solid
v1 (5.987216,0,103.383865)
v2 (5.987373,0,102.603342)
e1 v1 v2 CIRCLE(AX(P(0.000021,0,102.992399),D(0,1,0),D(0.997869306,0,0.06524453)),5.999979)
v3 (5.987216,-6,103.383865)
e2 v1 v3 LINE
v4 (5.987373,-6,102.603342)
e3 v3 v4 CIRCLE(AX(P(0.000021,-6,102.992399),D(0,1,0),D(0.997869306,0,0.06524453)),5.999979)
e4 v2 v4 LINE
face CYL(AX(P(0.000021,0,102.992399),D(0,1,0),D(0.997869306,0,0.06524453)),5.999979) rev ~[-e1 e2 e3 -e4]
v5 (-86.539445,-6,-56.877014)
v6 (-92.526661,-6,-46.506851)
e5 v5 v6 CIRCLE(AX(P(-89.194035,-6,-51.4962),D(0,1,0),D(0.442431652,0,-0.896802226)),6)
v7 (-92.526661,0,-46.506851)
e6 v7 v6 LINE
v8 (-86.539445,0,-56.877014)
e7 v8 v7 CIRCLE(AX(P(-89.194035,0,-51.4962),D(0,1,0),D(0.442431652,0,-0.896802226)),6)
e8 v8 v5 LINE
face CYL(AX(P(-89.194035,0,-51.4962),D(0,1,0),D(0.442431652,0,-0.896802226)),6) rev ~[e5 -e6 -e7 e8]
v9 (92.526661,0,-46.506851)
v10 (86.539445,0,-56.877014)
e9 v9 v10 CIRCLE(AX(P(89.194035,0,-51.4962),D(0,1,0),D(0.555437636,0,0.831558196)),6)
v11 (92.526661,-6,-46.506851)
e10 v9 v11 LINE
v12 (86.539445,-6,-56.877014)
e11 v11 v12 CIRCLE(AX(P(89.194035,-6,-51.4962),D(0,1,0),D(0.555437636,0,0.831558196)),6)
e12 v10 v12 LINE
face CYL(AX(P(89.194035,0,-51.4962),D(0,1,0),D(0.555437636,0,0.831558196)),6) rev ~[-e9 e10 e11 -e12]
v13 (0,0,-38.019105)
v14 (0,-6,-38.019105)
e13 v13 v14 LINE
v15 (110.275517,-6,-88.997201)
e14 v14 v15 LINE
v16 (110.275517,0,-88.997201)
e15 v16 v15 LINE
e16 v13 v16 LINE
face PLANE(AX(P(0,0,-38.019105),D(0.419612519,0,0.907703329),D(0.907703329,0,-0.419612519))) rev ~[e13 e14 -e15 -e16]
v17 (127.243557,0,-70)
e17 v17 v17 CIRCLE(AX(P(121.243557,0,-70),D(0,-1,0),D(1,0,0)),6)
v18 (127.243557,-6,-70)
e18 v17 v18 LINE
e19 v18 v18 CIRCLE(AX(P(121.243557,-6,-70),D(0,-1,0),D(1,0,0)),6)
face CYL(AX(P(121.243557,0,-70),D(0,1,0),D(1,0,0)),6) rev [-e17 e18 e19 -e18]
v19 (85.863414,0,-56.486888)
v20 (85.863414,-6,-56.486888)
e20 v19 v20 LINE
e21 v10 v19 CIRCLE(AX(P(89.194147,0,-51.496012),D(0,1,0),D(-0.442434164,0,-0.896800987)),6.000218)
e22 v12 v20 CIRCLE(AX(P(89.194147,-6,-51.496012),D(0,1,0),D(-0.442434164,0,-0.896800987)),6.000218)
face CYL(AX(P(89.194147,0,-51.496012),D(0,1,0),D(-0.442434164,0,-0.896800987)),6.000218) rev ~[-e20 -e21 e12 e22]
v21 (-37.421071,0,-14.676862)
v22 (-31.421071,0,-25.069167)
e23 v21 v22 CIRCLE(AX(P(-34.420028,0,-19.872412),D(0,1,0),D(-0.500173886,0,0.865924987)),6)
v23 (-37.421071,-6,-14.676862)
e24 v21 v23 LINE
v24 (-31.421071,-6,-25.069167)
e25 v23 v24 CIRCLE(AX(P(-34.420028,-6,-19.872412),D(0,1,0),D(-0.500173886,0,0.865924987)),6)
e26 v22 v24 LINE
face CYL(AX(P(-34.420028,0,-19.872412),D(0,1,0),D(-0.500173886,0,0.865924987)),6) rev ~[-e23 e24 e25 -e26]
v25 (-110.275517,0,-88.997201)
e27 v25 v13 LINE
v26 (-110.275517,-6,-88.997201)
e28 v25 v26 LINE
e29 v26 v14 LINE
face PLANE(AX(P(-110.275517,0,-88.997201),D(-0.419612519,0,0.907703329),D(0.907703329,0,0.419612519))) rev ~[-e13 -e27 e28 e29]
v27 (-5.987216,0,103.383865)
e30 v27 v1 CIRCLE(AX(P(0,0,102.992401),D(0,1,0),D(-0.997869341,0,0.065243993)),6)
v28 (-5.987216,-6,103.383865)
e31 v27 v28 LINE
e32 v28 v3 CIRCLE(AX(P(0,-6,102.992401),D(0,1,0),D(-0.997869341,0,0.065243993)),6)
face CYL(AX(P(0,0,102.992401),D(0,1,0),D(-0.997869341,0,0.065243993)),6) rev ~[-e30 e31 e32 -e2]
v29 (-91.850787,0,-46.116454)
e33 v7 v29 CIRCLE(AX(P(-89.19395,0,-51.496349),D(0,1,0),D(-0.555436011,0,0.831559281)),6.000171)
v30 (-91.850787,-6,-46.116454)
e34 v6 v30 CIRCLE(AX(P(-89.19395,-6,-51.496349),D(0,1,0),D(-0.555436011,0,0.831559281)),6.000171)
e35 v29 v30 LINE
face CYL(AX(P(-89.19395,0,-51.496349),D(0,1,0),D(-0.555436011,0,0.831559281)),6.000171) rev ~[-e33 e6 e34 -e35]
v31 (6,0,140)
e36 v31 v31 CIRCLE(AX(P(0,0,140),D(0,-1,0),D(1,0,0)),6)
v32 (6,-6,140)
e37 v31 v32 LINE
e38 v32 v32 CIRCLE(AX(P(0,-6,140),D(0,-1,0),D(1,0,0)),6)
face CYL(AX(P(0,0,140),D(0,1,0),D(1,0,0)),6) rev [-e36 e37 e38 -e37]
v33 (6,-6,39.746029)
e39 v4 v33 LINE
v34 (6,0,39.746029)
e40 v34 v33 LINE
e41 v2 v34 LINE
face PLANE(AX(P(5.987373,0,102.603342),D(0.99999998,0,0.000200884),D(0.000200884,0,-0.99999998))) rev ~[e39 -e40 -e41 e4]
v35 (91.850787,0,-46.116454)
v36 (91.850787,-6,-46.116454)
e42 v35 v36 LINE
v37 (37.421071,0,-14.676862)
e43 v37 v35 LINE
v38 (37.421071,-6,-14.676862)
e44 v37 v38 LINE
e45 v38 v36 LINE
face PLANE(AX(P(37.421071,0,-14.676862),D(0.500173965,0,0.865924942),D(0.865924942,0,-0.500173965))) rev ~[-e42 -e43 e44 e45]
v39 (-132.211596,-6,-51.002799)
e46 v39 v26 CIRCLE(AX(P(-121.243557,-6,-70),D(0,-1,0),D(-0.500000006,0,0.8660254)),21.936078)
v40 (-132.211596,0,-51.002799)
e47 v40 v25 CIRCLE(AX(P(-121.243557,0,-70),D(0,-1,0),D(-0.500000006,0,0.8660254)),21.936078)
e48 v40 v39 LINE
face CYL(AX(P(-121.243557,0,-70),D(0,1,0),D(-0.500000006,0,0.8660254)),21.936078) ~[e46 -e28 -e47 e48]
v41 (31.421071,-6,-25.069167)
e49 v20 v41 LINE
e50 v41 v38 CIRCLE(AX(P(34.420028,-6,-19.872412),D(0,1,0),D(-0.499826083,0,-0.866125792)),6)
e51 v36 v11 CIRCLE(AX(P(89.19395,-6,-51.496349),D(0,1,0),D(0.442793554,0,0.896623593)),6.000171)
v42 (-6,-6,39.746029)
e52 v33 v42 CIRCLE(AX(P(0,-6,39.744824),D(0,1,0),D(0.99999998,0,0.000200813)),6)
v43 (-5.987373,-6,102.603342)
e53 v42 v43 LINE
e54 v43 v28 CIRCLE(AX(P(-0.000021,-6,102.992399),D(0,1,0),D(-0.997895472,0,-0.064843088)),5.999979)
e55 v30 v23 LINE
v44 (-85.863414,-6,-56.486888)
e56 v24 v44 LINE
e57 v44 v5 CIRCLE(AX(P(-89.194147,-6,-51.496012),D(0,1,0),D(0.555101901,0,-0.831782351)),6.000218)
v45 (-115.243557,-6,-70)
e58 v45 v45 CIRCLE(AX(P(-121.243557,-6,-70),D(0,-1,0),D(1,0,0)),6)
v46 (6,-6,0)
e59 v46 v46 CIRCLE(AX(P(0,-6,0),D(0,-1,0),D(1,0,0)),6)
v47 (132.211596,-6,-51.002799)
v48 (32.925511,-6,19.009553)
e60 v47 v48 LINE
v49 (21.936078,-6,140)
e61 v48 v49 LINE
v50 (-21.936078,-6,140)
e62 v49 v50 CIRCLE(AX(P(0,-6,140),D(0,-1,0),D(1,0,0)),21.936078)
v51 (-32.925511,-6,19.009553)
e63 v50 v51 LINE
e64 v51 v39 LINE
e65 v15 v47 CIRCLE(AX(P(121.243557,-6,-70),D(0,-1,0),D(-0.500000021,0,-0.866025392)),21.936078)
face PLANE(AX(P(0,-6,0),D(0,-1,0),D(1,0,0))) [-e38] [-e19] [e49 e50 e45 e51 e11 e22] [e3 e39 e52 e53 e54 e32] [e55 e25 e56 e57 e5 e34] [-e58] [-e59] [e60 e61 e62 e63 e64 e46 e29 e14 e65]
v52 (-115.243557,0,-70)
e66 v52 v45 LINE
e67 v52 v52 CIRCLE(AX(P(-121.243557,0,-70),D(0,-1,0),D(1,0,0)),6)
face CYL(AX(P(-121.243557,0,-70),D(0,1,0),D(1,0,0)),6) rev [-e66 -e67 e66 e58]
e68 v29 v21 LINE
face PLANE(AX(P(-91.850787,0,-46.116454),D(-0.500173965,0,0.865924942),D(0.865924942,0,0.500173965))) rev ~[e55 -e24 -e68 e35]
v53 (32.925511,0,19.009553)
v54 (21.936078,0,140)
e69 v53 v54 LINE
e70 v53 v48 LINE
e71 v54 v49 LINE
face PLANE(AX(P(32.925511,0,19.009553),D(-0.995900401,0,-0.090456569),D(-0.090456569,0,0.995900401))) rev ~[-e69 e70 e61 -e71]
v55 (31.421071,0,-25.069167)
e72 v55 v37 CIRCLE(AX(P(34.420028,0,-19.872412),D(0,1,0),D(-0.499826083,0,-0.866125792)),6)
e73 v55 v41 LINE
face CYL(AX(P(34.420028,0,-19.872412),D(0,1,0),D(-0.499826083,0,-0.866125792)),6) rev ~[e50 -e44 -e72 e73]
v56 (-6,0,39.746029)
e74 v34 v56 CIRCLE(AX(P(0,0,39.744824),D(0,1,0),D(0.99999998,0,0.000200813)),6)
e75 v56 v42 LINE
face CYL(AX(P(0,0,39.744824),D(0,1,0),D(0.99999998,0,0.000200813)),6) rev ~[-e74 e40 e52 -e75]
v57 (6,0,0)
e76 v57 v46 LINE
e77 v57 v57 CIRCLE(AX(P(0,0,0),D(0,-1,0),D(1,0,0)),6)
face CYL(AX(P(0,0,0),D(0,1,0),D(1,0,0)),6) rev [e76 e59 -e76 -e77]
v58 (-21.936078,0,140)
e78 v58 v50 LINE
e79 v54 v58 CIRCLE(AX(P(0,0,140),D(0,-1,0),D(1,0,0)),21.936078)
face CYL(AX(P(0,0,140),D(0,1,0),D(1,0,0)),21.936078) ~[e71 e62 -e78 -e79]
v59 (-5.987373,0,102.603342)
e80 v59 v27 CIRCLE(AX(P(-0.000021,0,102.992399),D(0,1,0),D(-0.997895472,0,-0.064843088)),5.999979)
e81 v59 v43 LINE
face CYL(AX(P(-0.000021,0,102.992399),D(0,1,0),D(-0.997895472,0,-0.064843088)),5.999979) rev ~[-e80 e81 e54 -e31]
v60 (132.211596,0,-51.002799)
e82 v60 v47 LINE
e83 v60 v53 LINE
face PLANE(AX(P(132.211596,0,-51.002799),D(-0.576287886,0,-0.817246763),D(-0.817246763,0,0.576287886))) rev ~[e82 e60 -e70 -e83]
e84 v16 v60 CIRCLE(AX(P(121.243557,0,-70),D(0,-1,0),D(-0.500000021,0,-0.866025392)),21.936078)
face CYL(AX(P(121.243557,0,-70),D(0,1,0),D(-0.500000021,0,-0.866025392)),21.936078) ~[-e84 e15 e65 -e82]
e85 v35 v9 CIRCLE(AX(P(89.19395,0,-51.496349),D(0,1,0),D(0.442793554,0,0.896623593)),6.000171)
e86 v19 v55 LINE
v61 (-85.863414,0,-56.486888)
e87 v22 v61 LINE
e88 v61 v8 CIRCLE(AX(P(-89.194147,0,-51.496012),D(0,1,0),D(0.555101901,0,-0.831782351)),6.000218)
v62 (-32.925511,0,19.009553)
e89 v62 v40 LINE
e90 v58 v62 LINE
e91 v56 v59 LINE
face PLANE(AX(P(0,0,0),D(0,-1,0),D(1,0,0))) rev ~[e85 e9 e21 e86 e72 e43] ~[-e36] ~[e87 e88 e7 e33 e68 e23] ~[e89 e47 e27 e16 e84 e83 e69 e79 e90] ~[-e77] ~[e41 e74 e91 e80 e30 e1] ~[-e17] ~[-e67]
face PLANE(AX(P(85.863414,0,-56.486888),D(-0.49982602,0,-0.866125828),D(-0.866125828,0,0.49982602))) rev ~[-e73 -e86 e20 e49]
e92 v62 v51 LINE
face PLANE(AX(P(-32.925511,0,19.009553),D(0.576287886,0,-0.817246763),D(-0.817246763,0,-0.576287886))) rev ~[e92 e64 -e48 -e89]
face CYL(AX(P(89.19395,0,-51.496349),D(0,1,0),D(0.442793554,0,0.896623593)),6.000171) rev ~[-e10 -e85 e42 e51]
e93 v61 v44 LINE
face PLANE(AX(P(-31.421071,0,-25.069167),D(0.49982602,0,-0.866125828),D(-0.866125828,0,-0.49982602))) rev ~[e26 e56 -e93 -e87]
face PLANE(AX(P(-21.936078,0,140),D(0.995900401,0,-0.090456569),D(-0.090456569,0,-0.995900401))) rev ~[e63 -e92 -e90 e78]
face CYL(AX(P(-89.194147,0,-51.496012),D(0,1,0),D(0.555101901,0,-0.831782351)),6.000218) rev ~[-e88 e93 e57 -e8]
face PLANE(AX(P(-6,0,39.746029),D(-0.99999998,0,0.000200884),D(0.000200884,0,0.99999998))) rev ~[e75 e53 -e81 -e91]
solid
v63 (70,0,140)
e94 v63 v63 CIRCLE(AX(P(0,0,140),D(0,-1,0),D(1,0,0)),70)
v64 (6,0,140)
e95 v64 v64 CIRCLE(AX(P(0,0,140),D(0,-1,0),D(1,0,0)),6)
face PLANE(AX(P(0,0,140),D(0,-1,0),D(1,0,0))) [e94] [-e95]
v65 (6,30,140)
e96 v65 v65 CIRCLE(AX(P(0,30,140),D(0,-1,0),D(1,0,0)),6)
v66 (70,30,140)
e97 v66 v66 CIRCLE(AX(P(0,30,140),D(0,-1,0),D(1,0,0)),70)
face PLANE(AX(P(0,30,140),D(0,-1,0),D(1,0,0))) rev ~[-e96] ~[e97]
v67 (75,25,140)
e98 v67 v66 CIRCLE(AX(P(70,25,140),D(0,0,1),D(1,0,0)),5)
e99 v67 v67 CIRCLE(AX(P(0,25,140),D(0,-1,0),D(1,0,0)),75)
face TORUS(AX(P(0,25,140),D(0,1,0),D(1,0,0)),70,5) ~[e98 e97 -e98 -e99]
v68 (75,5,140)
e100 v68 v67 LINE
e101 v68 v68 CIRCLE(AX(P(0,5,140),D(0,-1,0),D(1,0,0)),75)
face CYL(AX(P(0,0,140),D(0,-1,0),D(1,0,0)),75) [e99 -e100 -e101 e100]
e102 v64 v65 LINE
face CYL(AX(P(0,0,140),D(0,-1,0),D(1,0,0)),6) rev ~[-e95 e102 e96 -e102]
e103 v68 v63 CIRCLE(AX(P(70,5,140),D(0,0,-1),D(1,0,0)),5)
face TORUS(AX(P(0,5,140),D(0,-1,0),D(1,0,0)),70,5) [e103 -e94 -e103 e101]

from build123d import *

# Parameters (mm, degrees)
F0_R     = 6
F1_DEPTH = 6
F2_R     = 75
F3_DEPTH = 30
F4_R     = 5
F5_DEPTH = 30.001


with BuildPart() as f1:
    # F0 (on Front) → F1 (new body)
    with BuildSketch(Plane.XZ):
        with BuildLine():
            Line((32.925511, 19.009553), (21.936078, 140))
            ThreePointArc((21.936078, 140), (0, 161.936078), (-21.936078, 140))
            Line((-21.936078, 140), (-32.925511, 19.009553))
            Line((-32.925511, 19.009553), (-132.211596, -51.002799))
            ThreePointArc((-132.211596, -51.002799), (-140.240758, -80.968039), (-110.275517, -88.997201))
            Line((-110.275517, -88.997201), (0, -38.019105))
            Line((0, -38.019105), (110.275517, -88.997201))
            ThreePointArc((110.275517, -88.997201), (140.240758, -80.968039), (132.211596, -51.002799))
            Line((132.211596, -51.002799), (32.925511, 19.009553))
        make_face()
        with Locations((-121.243557, -70)):
            Circle(F0_R, mode=Mode.SUBTRACT)
        with BuildLine():
            ThreePointArc((-92.526661, -46.506851), (-92.195079, -46.300651), (-91.850787, -46.116454))
            Line((-91.850787, -46.116454), (-37.421071, -14.676862))
            ThreePointArc((-37.421071, -14.676862), (-29.223875, -16.872412), (-31.421071, -25.069167))
            Line((-31.421071, -25.069167), (-85.863414, -56.486888))
            ThreePointArc((-85.863414, -56.486888), (-86.195079, -56.692955), (-86.539445, -56.877014))
            ThreePointArc((-86.539445, -56.877014), (-94.390188, -54.4962), (-92.526661, -46.506851))
        make_face(mode=Mode.SUBTRACT)
        Circle(F0_R, mode=Mode.SUBTRACT)
        with BuildLine():
            ThreePointArc((86.539445, -56.877014), (86.195079, -56.692955), (85.863414, -56.486888))
            Line((85.863414, -56.486888), (31.421071, -25.069167))
            ThreePointArc((31.421071, -25.069167), (29.223875, -16.872412), (37.421071, -14.676862))
            Line((37.421071, -14.676862), (91.850787, -46.116454))
            ThreePointArc((91.850787, -46.116454), (92.195079, -46.300651), (92.526661, -46.506851))
            ThreePointArc((92.526661, -46.506851), (94.390188, -54.4962), (86.539445, -56.877014))
        make_face(mode=Mode.SUBTRACT)
        with Locations((121.243557, -70)):
            Circle(F0_R, mode=Mode.SUBTRACT)
        with BuildLine():
            ThreePointArc((5.987216, 103.383865), (6, 102.993606), (5.987373, 102.603342))
            Line((5.987373, 102.603342), (6, 39.746029))
            ThreePointArc((6, 39.746029), (0, 33.744824), (-6, 39.746029))
            Line((-6, 39.746029), (-5.987373, 102.603342))
            ThreePointArc((-5.987373, 102.603342), (-6, 102.993606), (-5.987216, 103.383865))
            ThreePointArc((-5.987216, 103.383865), (0, 108.992401), (5.987216, 103.383865))
        make_face(mode=Mode.SUBTRACT)
        with Locations((0, 140)):
            Circle(F0_R, mode=Mode.SUBTRACT)
    extrude(amount=F1_DEPTH)


with BuildPart() as f3:
    # F2 (on face) → F3 (new body)
    with BuildSketch(Plane.XZ):
        with Locations((0, 140)):
            Circle(F2_R)
    extrude(amount=-F3_DEPTH)

    # F4
    f4_edges = [f3.edges().sort_by_distance(p)[0] for p in [
        (-75, 0, 140),
        (-75, 30, 140),
    ]]
    fillet(f4_edges, radius=F4_R)

    # F0 (on Front) → F5 (cut, through all)
    with BuildSketch(Plane.XZ):
        with Locations((0, 140)):
            Circle(F0_R)
    extrude(amount=-F5_DEPTH, mode=Mode.SUBTRACT)


solid = Compound([f1.part, f3.part])
